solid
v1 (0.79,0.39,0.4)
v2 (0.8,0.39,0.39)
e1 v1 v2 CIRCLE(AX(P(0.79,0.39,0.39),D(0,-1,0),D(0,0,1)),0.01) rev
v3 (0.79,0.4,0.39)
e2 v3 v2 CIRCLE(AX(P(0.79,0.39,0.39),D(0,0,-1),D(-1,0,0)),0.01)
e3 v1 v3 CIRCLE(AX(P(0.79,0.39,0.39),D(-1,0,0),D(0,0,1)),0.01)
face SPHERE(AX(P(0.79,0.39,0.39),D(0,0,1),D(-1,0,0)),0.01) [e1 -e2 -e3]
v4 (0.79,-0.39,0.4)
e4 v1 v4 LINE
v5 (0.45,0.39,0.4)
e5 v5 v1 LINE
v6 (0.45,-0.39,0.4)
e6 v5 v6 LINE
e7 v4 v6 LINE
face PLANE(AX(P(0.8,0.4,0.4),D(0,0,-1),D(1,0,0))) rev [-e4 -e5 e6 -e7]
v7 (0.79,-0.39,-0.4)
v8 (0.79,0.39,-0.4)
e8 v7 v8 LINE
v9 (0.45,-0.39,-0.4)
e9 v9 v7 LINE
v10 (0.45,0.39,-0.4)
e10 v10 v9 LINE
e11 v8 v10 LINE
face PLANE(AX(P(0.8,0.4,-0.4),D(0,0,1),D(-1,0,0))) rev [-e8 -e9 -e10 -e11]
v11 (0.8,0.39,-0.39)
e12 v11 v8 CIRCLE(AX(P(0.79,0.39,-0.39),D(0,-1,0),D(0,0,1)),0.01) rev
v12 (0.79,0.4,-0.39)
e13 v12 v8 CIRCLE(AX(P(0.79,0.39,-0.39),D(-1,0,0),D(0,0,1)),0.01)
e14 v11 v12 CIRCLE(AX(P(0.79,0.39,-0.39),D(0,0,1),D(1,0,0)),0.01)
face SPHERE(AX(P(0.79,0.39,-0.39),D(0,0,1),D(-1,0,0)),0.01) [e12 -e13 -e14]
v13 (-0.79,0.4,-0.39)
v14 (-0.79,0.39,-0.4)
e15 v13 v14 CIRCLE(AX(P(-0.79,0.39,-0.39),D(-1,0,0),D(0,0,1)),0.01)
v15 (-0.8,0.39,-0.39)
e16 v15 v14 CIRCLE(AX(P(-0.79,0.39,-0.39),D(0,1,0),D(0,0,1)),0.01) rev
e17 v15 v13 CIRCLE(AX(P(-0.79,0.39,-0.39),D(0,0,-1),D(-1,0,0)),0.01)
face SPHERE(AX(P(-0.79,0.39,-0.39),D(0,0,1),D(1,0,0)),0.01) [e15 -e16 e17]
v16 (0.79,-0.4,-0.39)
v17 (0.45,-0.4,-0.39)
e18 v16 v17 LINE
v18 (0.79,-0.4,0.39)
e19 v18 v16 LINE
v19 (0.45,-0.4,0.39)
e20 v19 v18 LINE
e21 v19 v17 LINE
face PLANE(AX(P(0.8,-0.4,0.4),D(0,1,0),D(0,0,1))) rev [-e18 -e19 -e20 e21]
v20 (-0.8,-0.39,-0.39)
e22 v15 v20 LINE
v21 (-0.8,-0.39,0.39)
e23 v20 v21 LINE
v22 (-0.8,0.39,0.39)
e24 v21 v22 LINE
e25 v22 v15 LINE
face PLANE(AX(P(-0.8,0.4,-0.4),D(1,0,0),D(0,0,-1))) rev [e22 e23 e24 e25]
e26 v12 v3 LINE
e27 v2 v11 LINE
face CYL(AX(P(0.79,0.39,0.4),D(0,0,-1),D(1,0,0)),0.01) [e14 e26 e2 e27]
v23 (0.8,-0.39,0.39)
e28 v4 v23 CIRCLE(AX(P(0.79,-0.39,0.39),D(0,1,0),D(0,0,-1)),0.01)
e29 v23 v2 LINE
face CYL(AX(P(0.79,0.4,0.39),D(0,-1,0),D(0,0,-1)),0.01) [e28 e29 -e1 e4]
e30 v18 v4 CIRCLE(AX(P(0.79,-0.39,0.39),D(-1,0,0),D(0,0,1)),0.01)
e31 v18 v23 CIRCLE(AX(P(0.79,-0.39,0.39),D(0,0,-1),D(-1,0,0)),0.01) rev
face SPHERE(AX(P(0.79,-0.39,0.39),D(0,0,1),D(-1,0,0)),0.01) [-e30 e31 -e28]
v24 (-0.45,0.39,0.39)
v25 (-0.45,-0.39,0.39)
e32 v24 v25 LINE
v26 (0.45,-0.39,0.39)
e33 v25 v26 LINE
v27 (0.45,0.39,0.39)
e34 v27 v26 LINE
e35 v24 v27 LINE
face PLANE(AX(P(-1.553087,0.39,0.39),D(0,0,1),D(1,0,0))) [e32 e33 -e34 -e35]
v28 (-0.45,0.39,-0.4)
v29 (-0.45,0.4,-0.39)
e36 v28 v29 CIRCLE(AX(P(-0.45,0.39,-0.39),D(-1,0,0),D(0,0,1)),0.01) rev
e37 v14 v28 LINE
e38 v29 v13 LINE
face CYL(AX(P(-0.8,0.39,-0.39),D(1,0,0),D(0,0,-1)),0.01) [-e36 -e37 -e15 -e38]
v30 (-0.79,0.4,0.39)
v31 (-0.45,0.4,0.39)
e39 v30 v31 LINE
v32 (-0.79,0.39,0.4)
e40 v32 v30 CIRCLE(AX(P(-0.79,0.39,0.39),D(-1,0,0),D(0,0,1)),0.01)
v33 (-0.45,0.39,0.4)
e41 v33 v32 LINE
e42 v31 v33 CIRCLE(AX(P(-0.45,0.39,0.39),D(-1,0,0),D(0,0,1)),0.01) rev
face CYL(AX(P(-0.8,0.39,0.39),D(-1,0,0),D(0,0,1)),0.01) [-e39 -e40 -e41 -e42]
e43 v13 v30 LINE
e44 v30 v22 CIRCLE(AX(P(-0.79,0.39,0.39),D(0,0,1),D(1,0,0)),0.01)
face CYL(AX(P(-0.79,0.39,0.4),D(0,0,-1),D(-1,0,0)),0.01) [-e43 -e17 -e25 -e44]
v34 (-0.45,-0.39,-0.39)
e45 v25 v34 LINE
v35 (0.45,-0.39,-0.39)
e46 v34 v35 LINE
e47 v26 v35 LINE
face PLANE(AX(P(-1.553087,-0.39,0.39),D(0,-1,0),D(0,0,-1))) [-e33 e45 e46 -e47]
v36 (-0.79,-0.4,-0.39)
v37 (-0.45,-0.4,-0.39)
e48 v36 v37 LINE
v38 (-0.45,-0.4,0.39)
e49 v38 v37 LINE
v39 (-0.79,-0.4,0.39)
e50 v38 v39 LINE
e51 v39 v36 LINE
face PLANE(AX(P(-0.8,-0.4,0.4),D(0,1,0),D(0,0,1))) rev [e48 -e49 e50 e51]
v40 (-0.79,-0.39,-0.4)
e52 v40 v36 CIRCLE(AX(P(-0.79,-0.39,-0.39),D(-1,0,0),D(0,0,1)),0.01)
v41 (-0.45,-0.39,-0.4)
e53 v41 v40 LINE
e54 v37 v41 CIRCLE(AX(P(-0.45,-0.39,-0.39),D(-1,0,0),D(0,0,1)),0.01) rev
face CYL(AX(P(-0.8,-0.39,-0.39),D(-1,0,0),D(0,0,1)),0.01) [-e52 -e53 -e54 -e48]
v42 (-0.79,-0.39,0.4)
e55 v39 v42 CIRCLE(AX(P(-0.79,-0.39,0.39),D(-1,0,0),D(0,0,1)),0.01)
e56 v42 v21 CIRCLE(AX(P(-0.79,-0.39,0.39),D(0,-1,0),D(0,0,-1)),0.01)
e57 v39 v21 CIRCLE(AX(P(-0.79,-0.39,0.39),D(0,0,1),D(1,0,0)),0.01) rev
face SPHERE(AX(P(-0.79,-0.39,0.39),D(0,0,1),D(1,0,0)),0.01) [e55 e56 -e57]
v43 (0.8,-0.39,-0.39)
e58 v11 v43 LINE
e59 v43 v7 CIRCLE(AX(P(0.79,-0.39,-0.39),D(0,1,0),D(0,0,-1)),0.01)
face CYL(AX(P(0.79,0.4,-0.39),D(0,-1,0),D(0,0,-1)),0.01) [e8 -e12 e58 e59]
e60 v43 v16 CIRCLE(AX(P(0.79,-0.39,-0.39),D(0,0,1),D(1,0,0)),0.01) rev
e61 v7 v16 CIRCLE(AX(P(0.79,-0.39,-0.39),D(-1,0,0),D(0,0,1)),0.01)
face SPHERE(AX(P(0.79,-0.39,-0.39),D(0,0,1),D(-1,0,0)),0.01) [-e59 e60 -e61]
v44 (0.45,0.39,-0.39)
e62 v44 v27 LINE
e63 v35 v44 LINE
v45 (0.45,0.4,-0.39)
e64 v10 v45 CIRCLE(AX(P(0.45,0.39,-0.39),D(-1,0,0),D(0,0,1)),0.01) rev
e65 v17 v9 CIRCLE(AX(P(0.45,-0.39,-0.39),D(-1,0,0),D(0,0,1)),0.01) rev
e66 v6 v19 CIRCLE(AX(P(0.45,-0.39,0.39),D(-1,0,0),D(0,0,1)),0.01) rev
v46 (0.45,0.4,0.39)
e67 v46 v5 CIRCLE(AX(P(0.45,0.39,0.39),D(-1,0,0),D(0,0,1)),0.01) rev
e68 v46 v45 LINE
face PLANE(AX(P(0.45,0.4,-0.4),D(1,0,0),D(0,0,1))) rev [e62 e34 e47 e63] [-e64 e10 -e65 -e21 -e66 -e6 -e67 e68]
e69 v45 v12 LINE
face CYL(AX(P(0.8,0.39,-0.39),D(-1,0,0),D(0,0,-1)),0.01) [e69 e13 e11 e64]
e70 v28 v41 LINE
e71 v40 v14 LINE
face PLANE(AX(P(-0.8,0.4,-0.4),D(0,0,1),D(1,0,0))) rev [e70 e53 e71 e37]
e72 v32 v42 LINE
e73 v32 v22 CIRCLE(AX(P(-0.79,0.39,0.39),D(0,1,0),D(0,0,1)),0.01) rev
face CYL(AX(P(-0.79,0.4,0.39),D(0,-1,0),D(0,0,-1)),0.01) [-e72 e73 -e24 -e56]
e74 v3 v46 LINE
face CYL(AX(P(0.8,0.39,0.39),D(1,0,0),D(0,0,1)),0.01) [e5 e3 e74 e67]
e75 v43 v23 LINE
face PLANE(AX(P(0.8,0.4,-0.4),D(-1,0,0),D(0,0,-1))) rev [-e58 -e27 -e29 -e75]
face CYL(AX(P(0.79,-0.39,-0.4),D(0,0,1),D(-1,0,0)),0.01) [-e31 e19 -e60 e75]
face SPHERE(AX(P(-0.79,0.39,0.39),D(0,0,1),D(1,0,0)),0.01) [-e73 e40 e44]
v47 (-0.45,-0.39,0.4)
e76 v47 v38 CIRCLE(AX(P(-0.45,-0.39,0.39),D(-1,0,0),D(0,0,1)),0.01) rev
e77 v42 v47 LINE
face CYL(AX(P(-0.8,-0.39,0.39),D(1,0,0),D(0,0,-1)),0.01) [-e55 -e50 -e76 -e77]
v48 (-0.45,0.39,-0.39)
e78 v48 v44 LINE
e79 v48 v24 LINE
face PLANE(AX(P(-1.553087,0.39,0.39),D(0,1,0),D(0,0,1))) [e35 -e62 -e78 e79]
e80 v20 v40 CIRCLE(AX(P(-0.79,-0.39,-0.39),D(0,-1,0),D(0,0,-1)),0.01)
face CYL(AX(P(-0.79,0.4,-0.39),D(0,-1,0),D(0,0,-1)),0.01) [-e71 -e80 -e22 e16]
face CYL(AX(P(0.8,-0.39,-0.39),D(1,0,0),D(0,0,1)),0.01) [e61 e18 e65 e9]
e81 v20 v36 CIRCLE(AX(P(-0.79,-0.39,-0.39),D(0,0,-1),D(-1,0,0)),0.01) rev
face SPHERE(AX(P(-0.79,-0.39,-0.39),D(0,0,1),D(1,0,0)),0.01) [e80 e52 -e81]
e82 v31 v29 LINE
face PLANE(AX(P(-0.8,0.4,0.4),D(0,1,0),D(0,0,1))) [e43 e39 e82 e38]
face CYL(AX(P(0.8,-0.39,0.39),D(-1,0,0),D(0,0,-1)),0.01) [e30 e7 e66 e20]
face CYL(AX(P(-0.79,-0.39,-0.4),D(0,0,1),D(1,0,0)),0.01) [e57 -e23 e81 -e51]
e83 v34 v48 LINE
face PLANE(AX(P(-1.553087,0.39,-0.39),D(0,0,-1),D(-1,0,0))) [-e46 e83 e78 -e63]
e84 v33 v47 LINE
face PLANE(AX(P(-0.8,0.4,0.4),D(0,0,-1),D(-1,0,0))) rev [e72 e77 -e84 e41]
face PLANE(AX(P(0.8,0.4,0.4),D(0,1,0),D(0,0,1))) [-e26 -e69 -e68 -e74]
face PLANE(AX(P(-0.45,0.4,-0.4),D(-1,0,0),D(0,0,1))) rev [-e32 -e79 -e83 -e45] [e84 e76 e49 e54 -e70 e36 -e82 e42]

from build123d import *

# Parameters (mm, degrees)
SKETCH1_W            = 0.35
SKETCH1_H            = 0.8
THICKNESS_DEPTH      = 0.4
FILLET1_R            = 0.01
SKETCH2_W            = 0.78
SKETCH2_H            = 0.78
BOSS_EXTRUDE2_DEPTH  = 0.45
FILLET1_OF_MIRROR3_R = 0.01


with BuildPart() as part:
    # Sketch1 → THICKNESS (new body, symmetric)
    with BuildSketch(Plane(origin=(0, 0, 0), x_dir=(1, 0, 0), z_dir=(0, 1, 0))):
        with Locations((-0.625, 0)):
            Rectangle(SKETCH1_W, SKETCH1_H)
    thickness = extrude(amount=THICKNESS_DEPTH, both=True)

    # Fillet1
    fillet1_edges = [part.edges().sort_by_distance(p)[0] for p in [
        (-0.625, 0.4, -0.4),
        (-0.8, 0.4, 0),
        (-0.625, -0.4, -0.4),
        (-0.625, -0.4, 0.4),
        (-0.8, -0.4, 0),
        (-0.625, 0.4, 0.4),
        (-0.8, 0, -0.4),
        (-0.8, 0, 0.4),
    ]]
    fillet(fillet1_edges, radius=FILLET1_R)

    # Sketch2 → Boss-Extrude2 (add)
    with BuildSketch(Plane(origin=(0, 0, 0), x_dir=(0, 0, -1), z_dir=(1, 0, 0))):
        Rectangle(SKETCH2_W, SKETCH2_H)
    boss_extrude2 = extrude(amount=-BOSS_EXTRUDE2_DEPTH)

    # Mirror3: THICKNESS, Boss-Extrude2 across plane
    add(thickness.mirror(Plane(origin=(0, 0, 0), x_dir=(0, 0, 1), z_dir=(1, 0, 0))))
    add(boss_extrude2.mirror(Plane(origin=(0, 0, 0), x_dir=(0, 0, 1), z_dir=(1, 0, 0))))

    # Fillet1 of Mirror3
    fillet1_of_mirror3_edges = [part.edges().sort_by_distance(p)[0] for p in [
        (0.625, 0.4, -0.4),
        (0.8, 0.4, 0),
        (0.625, -0.4, -0.4),
        (0.625, -0.4, 0.4),
        (0.8, -0.4, 0),
        (0.625, 0.4, 0.4),
        (0.8, 0, -0.4),
        (0.8, 0, 0.4),
    ]]
    fillet(fillet1_of_mirror3_edges, radius=FILLET1_OF_MIRROR3_R)


solid = part.part
